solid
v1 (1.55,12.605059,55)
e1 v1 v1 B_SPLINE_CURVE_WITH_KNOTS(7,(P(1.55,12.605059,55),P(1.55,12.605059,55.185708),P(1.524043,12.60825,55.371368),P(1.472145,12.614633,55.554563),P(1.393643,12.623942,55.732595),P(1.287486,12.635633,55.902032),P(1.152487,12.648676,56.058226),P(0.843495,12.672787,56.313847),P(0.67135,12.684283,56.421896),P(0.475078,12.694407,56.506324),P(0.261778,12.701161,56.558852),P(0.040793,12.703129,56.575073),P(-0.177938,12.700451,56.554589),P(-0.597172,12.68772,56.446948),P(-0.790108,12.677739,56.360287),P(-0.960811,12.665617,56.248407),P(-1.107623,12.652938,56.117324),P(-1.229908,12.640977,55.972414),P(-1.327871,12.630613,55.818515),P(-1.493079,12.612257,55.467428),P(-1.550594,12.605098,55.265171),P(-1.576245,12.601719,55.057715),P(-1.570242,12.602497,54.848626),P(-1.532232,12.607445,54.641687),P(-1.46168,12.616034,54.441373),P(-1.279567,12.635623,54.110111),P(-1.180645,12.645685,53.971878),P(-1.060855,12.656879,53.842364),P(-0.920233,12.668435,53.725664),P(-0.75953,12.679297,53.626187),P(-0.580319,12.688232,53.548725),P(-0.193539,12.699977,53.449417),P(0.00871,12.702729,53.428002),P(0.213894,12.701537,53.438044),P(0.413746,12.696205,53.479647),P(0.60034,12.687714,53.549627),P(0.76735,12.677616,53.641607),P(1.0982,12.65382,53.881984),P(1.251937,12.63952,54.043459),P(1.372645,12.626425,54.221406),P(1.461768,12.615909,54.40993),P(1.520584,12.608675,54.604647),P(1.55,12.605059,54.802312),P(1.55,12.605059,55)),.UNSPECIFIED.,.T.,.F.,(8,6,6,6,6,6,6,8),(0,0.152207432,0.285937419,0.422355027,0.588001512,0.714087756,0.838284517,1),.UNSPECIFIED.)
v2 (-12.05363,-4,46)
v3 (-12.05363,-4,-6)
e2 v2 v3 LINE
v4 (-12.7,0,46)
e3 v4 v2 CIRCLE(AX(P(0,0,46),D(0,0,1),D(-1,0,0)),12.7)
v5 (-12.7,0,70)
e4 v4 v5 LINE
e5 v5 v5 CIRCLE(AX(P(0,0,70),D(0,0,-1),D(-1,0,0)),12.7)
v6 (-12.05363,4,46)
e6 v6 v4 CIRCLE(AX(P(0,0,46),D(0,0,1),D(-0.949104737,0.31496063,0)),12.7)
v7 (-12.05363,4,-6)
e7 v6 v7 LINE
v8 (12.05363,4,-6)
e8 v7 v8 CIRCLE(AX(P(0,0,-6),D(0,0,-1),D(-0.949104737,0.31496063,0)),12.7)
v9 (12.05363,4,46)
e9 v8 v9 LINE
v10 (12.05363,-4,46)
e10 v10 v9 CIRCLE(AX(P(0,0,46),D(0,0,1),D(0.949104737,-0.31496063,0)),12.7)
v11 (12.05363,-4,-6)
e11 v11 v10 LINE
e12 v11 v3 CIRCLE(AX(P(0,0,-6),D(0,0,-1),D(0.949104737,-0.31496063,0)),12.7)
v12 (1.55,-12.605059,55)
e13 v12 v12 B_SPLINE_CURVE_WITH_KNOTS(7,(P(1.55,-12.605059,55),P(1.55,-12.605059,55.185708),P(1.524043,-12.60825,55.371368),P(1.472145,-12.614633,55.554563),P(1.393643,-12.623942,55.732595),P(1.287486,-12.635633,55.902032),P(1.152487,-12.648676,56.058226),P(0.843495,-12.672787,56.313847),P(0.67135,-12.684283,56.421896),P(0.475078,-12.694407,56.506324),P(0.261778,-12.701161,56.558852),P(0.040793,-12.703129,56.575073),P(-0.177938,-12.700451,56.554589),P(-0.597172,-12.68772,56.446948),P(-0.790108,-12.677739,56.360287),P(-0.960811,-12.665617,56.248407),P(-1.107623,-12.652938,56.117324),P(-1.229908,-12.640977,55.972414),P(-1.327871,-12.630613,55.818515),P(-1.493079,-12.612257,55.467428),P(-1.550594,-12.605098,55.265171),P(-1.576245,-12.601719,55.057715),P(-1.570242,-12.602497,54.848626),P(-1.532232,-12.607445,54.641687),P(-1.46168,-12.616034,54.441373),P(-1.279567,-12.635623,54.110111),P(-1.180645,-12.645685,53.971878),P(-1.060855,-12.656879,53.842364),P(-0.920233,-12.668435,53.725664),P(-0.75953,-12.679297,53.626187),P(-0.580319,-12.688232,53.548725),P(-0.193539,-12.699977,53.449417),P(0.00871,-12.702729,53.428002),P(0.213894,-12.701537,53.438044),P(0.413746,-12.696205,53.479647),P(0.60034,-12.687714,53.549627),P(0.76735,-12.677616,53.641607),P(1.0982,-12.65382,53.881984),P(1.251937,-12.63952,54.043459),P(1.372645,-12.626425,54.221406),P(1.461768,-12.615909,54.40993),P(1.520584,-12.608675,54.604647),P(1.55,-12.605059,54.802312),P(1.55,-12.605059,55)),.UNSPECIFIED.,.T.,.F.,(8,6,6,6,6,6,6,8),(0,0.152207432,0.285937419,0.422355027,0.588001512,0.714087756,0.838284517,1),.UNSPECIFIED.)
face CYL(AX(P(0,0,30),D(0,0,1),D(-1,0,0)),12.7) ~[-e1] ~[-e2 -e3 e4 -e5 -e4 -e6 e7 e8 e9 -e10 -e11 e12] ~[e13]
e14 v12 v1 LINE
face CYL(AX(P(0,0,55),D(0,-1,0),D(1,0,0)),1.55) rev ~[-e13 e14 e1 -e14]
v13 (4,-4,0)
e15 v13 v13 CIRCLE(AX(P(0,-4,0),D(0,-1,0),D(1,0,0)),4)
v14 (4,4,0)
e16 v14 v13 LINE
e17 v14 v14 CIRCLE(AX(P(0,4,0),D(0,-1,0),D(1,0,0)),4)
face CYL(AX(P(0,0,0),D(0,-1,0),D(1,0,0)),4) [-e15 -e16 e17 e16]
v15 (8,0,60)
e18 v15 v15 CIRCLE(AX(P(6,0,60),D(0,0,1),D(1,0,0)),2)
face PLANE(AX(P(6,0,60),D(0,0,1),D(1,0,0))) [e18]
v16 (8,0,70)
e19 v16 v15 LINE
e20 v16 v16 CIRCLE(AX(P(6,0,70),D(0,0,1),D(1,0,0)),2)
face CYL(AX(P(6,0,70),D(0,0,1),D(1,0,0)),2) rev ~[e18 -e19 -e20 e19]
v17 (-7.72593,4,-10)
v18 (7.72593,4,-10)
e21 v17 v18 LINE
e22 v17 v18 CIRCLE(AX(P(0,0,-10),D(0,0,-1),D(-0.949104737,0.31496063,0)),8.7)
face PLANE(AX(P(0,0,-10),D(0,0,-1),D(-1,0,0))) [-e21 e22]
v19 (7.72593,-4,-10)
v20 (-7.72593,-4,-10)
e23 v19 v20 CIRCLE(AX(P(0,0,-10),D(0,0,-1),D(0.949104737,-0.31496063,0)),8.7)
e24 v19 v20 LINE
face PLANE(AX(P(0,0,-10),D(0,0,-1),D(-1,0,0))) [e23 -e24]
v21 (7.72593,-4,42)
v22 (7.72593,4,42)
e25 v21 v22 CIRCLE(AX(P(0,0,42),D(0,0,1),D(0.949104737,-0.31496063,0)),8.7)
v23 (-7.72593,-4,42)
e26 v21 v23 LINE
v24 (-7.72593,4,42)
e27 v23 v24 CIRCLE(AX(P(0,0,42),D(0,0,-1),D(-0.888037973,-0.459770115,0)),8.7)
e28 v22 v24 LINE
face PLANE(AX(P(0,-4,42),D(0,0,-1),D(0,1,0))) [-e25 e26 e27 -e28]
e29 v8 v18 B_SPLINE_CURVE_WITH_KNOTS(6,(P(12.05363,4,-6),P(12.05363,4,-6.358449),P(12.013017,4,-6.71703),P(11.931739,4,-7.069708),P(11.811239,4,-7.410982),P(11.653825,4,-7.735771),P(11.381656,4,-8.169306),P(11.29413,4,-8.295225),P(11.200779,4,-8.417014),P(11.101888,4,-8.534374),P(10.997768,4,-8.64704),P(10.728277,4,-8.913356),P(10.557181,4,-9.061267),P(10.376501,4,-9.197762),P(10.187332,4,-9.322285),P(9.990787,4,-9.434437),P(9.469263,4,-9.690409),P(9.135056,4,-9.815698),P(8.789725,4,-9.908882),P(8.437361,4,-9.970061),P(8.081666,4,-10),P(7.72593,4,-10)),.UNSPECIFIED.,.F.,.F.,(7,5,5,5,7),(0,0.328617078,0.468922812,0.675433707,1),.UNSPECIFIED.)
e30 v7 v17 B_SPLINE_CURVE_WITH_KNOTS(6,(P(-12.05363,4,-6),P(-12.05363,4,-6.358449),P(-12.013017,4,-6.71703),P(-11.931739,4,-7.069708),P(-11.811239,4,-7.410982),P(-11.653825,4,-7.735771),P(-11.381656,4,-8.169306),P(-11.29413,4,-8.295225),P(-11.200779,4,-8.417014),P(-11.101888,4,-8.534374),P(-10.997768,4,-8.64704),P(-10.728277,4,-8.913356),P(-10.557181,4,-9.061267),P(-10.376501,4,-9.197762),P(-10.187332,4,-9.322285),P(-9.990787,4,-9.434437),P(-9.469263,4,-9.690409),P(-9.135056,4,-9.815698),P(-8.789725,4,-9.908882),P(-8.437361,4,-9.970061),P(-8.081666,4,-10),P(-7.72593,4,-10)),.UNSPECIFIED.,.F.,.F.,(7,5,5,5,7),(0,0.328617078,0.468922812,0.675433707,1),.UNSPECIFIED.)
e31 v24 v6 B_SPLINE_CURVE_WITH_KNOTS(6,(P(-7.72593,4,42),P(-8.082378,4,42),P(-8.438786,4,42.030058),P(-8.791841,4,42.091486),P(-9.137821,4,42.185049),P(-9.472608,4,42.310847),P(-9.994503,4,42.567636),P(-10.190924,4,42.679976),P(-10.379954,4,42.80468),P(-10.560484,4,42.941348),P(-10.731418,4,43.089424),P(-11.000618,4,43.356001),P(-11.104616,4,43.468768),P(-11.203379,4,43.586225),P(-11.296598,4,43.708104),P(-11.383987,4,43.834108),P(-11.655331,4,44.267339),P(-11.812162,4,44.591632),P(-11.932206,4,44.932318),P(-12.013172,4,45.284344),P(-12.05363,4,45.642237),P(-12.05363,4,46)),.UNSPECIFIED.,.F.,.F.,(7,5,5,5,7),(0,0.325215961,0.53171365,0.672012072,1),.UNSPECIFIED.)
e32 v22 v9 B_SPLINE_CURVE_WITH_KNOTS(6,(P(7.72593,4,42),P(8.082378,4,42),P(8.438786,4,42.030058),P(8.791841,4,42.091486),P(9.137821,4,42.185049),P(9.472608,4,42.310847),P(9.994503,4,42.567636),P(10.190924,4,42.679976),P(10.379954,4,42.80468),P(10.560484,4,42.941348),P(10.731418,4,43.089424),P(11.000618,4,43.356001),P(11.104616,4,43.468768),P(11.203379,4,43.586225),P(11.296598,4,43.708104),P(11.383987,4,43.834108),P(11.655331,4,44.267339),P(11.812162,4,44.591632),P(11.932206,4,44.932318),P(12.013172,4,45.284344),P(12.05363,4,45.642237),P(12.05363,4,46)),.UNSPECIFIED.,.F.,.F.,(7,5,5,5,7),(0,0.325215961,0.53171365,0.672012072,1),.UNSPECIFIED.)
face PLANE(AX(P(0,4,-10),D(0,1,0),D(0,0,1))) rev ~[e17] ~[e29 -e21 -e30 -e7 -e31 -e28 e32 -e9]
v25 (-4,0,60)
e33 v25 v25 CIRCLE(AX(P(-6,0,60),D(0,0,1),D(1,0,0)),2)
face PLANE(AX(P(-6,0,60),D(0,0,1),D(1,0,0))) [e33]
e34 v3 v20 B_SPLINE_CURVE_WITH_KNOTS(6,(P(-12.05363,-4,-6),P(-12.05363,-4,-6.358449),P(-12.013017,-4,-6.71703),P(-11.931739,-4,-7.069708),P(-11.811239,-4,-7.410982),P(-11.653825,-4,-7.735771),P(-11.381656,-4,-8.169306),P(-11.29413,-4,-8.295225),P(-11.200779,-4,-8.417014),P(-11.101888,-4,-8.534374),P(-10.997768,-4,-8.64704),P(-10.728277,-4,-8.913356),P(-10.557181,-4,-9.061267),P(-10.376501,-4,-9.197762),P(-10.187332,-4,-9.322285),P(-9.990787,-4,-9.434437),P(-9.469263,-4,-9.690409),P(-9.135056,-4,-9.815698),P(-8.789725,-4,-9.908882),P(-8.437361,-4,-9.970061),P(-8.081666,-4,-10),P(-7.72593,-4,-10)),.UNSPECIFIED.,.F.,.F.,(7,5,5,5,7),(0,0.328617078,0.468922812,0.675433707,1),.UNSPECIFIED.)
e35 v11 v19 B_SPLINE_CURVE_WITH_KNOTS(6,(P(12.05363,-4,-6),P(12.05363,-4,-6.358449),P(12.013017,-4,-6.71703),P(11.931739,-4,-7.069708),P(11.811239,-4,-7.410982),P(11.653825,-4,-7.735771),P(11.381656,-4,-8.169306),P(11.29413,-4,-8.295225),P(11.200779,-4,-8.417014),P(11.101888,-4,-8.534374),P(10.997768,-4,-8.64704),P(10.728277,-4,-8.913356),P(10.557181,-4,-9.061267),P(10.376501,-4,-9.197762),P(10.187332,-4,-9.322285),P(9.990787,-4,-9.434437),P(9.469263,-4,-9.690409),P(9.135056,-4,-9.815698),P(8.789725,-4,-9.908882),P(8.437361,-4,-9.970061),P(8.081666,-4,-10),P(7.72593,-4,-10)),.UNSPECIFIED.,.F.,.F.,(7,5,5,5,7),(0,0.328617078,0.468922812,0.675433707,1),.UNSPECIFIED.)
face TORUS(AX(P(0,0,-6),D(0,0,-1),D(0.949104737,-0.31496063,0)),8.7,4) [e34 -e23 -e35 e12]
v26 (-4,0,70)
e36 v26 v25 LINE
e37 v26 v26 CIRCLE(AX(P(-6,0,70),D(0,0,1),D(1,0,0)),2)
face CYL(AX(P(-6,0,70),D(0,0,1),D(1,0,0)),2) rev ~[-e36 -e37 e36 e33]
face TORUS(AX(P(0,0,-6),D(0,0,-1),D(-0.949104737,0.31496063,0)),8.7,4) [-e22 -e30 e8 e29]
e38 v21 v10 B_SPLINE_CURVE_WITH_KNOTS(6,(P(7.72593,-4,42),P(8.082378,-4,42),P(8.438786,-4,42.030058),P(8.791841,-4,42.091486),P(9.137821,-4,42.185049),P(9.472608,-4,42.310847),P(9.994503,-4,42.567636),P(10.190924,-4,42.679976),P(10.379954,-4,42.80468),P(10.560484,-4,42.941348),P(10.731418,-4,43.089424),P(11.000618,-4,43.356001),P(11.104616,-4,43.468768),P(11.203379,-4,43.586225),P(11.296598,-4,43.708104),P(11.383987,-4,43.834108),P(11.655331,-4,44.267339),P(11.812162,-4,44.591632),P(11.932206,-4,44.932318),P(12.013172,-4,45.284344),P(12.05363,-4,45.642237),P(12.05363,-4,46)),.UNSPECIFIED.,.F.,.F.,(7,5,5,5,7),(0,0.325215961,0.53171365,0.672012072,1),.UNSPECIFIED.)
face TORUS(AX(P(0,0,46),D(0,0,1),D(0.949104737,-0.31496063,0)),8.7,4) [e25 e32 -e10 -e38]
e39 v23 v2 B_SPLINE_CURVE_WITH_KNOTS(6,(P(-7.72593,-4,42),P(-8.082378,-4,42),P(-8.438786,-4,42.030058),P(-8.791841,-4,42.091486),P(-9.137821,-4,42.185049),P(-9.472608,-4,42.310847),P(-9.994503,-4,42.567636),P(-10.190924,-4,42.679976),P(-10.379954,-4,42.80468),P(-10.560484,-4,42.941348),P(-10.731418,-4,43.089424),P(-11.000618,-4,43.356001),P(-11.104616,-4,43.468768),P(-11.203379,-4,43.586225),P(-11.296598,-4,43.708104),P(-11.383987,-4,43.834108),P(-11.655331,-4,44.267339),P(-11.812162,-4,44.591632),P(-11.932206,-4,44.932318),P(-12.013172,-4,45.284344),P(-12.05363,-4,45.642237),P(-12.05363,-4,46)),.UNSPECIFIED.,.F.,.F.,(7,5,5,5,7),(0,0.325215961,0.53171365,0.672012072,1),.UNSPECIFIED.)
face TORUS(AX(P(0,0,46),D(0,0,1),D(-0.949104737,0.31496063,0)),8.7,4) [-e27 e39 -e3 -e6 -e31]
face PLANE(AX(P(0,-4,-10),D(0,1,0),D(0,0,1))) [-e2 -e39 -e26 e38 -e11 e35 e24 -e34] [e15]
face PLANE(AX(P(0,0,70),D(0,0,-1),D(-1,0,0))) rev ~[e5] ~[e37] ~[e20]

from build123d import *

# Parameters (mm, degrees)
F0_W           = 12.7
F0_H           = 80
F2_W           = 8
F2_H           = 52
F3_DEPTH       = 12.701
F3_DEPTH_BACK  = 12.701
F4_R           = 4
F5_DEPTH       = 5
F6_R           = 2
F7_DEPTH       = 10
F8_R           = 4
F9_R           = 1.55
F10_DEPTH      = 12.7010001
F10_DEPTH_BACK = 12.7010001


with BuildPart() as f1:
    # F0 (on Front) → F1 (revolve)
    with BuildSketch(Plane.XZ):
        with Locations((-6.35, 30)):
            Rectangle(F0_W, F0_H)
    revolve(axis=Axis((0, 0, 30), (0, 0, -1)))

    # F2 (on Right) → F3 (cut, two sides)
    with BuildSketch(Plane.YZ) as f3_sk:
        with Locations((0, 16)):
            Rectangle(F2_W, F2_H)
    extrude(amount=-F3_DEPTH, mode=Mode.SUBTRACT)
    extrude(f3_sk.sketch, amount=F3_DEPTH_BACK, mode=Mode.SUBTRACT)

    # F4 (on Front) → F5 (join, symmetric)
    with BuildSketch(Plane.XZ):
        Circle(F4_R)
    extrude(amount=F5_DEPTH, both=True)

    # F6 (on face) → F7 (cut)
    with BuildSketch(Plane.XY.offset(70)):
        with Locations((-6, 0)):
            Circle(F6_R)
        with Locations((6, 0)):
            Circle(F6_R)
    extrude(amount=-F7_DEPTH, mode=Mode.SUBTRACT)

    # F8
    f8_edges = [f1.edges().sort_by_distance(p)[0] for p in [
        (-12.537366, 2.025944, 42),
        (12.7, 0, 42),
        (-12.537366, -2.025944, 42),
        (0, -12.7, -10),
        (0, 12.7, -10),
    ]]
    fillet(f8_edges, radius=F8_R)

    # F9 (on Front) → F10 (cut, two sides)
    with BuildSketch(Plane.XZ) as f10_sk:
        with Locations((0, 55)):
            Circle(F9_R)
    extrude(amount=F10_DEPTH, mode=Mode.SUBTRACT)
    extrude(f10_sk.sketch, amount=-F10_DEPTH_BACK, mode=Mode.SUBTRACT)


solid = f1.part
